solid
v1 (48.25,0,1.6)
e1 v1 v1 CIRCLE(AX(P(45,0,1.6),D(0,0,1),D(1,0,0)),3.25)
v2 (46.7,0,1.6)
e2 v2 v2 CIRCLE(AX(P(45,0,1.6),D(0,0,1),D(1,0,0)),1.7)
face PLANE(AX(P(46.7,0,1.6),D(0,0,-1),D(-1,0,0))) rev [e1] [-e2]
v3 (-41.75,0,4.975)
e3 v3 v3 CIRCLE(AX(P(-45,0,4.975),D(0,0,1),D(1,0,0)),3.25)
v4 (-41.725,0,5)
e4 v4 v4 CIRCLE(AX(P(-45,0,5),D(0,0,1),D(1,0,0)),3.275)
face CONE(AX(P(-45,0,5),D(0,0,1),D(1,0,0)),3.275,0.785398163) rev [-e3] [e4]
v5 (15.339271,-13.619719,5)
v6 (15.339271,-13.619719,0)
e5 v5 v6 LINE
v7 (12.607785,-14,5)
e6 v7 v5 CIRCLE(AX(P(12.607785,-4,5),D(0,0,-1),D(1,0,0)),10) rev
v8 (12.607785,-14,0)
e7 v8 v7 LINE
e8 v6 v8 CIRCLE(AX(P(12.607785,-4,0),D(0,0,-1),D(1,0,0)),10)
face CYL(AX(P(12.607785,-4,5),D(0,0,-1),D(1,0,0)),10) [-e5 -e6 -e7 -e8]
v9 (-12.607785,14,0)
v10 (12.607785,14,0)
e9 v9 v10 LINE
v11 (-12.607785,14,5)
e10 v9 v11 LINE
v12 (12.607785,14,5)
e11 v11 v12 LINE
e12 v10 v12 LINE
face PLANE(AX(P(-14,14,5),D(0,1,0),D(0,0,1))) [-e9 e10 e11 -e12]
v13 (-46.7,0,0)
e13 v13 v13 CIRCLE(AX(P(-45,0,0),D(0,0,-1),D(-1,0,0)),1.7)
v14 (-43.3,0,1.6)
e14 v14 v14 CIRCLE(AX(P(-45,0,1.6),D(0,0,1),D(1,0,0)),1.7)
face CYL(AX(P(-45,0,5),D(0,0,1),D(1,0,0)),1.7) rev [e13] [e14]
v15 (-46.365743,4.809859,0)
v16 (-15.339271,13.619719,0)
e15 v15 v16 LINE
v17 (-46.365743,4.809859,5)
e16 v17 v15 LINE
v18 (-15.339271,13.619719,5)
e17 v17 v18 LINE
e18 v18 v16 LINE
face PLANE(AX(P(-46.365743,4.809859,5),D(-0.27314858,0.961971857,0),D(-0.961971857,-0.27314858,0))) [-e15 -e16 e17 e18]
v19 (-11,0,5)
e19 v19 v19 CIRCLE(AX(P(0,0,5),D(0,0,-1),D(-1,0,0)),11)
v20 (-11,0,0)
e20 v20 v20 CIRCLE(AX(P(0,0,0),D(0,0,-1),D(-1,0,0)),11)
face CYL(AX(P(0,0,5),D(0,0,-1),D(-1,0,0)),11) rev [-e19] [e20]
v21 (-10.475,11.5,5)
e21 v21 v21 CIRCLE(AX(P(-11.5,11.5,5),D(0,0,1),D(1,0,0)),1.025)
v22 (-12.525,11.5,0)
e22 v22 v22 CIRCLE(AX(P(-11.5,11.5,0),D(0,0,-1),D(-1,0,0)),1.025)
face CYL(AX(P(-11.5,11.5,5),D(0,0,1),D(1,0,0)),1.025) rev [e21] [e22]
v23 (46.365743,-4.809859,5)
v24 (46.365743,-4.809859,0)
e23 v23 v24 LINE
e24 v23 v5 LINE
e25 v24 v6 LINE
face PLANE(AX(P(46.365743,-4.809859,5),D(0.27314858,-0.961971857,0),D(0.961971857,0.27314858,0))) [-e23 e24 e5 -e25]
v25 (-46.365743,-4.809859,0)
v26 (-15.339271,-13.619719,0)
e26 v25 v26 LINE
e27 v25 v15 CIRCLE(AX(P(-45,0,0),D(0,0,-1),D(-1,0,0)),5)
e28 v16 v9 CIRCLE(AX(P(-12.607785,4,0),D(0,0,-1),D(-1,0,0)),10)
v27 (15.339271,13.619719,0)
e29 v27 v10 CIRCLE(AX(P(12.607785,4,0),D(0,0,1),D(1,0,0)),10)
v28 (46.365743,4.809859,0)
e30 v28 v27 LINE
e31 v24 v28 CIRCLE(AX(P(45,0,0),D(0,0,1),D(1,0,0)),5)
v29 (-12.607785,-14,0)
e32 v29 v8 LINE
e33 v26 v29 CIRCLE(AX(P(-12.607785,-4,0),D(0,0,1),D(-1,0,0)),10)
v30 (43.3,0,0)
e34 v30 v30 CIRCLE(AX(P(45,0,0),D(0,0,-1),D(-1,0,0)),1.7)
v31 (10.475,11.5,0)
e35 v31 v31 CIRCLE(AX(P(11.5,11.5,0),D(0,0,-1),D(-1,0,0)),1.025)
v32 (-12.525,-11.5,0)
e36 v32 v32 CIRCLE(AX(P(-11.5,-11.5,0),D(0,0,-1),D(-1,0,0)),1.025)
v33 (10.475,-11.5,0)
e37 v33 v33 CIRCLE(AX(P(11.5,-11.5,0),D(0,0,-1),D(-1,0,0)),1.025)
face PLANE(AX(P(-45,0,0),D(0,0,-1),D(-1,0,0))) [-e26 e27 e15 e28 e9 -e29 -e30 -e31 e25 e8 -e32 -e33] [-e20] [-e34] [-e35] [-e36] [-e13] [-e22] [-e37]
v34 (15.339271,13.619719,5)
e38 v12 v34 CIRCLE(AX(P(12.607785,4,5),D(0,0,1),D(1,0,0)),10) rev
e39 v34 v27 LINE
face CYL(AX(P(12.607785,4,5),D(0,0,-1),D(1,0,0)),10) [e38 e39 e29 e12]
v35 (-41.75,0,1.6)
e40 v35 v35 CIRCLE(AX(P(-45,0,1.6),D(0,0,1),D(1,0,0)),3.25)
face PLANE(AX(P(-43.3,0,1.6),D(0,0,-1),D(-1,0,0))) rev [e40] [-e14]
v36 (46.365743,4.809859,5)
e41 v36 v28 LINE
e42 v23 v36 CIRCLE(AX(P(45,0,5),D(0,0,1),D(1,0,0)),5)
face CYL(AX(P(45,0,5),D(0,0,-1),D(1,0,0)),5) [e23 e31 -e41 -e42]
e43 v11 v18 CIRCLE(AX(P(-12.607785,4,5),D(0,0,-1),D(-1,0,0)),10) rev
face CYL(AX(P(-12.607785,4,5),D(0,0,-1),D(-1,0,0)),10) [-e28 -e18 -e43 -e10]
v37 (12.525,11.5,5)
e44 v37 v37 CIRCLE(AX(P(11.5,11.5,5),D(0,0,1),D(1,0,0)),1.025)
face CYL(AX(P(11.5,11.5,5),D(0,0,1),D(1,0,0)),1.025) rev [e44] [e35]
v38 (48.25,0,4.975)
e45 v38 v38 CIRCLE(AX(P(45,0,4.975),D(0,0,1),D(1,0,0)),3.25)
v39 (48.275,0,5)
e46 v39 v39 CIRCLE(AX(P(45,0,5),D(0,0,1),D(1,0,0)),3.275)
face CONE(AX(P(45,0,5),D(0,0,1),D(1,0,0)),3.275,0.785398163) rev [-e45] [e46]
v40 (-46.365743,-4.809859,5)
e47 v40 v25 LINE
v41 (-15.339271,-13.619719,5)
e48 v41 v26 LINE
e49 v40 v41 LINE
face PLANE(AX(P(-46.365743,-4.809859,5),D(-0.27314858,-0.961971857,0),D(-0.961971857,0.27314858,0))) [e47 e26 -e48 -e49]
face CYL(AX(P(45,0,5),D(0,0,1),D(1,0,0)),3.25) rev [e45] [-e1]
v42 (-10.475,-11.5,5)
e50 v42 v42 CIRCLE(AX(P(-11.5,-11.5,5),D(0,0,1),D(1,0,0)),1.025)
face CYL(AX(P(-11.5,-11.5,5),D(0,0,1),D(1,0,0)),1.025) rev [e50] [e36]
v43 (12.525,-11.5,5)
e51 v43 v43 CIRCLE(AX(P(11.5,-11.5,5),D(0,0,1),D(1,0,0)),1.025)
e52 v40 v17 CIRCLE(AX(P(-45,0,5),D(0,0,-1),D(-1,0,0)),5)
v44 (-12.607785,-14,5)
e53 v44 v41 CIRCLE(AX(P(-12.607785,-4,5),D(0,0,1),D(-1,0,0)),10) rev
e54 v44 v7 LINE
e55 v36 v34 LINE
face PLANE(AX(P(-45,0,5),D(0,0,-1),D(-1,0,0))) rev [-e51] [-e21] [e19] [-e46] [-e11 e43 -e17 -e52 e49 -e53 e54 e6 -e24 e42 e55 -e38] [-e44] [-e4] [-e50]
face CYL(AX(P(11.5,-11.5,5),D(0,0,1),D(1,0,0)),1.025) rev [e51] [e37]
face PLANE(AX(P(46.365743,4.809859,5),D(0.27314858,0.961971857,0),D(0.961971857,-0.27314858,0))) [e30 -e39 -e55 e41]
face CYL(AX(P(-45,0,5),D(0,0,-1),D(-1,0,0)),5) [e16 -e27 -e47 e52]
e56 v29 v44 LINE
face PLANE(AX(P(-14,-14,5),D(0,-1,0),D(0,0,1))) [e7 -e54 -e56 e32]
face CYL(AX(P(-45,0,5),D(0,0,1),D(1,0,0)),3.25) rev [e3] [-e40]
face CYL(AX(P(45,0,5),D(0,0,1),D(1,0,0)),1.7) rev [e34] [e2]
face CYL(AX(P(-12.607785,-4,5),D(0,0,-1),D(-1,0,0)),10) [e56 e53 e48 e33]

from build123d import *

# Parameters (mm, degrees)
BOSS_EXTRUDE1_DEPTH                          = 5
FILLET1_R                                    = 10
CBORE_FOR_M3_HEX_SOCKET_HEAD_CAP_SCR_2_COUNT = 2
CBORE_FOR_M3_HEX_SOCKET_HEAD_CAP_SCR_2_PITCH = 90
M2_5_TAPPED_HOLE1_D                          = 2.05
M2_5_TAPPED_HOLE1_DEPTH                      = 6.35
M2_5_TAPPED_HOLE1_TIP                        = 0.615882135


with BuildPart() as part:
    # Sketch1 → Boss-Extrude1 (new body)
    with BuildSketch(Plane.XY):
        with BuildLine():
            Line((0, 11), (0, 14))
            Line((0, 14), (-14, 14))
            Line((-14, 14), (-46.365742902, 4.809859283))
            ThreePointArc((-46.365742902, 4.809859283), (-48.989280293, 3.014239995), (-50, 0))
            Line((-50, 0), (-45, 0))
            Line((-45, 0), (-11, 0))
            ThreePointArc((-11, 0), (-7.778174593, 7.778174593), (0, 11))
        make_face()
    extrude(amount=BOSS_EXTRUDE1_DEPTH)

    # Fillet1
    fillet1_edges = [part.edges().sort_by_distance(p)[0] for p in [
        (-14, 14, 2.5),
    ]]
    fillet(fillet1_edges, radius=FILLET1_R)

    # Mirror1: part across plane


with BuildPart() as part_1:
    add(part.part)
    add(part.part.mirror(Plane(origin=(-45, 0, 5), x_dir=(0, 0, 1), z_dir=(0, -1, 0))))

    # Mirror2: part across plane


with BuildPart() as part_2:
    add(part_1.part)
    add(part_1.part.mirror(Plane(origin=(0, -11, 5), x_dir=(0, 0, 1), z_dir=(-1, 0, 0))))

    # Sketch4 → CBORE for M3 Hex Socket Head Cap Screw1 (revolve, cut)
    with BuildSketch(Plane(origin=(-45, 0, 5), x_dir=(0, -1, 0), z_dir=(1, 0, 0))):
        Polygon((0, 0), (0, 12.521463052), (1.7, 11.5), (1.7, 3.4), (3.25, 3.4), (3.25, 0.025), (3.275, 0), align=None)
    cbore_for_m3_hex_socket_head_cap_screw1 = revolve(axis=Axis((-45, 0, 11.35), (0, 0, -1)), mode=Mode.SUBTRACT)

    # CBORE for M3 Hex Socket Head Cap Scr 2: CBORE for M3 Hex Socket Head Cap Screw1 ×2
    with Locations(*[(i * CBORE_FOR_M3_HEX_SOCKET_HEAD_CAP_SCR_2_PITCH, 0, 0) for i in range(1, CBORE_FOR_M3_HEX_SOCKET_HEAD_CAP_SCR_2_COUNT)]):
        add(cbore_for_m3_hex_socket_head_cap_screw1, mode=Mode.SUBTRACT)

    # M2.5 Tapped Hole1
    with Locations(Plane.XY.offset(5)):
        with Locations((-11.5, 11.5), (11.5, 11.5), (11.5, -11.5), (-11.5, -11.5)):
            Hole(M2_5_TAPPED_HOLE1_D / 2, depth=M2_5_TAPPED_HOLE1_DEPTH)
            with Locations((0, 0, -(M2_5_TAPPED_HOLE1_DEPTH + M2_5_TAPPED_HOLE1_TIP / 2))):  # 118° drill point
                Cone(0, M2_5_TAPPED_HOLE1_D / 2, M2_5_TAPPED_HOLE1_TIP, mode=Mode.SUBTRACT)


solid = part_2.part
